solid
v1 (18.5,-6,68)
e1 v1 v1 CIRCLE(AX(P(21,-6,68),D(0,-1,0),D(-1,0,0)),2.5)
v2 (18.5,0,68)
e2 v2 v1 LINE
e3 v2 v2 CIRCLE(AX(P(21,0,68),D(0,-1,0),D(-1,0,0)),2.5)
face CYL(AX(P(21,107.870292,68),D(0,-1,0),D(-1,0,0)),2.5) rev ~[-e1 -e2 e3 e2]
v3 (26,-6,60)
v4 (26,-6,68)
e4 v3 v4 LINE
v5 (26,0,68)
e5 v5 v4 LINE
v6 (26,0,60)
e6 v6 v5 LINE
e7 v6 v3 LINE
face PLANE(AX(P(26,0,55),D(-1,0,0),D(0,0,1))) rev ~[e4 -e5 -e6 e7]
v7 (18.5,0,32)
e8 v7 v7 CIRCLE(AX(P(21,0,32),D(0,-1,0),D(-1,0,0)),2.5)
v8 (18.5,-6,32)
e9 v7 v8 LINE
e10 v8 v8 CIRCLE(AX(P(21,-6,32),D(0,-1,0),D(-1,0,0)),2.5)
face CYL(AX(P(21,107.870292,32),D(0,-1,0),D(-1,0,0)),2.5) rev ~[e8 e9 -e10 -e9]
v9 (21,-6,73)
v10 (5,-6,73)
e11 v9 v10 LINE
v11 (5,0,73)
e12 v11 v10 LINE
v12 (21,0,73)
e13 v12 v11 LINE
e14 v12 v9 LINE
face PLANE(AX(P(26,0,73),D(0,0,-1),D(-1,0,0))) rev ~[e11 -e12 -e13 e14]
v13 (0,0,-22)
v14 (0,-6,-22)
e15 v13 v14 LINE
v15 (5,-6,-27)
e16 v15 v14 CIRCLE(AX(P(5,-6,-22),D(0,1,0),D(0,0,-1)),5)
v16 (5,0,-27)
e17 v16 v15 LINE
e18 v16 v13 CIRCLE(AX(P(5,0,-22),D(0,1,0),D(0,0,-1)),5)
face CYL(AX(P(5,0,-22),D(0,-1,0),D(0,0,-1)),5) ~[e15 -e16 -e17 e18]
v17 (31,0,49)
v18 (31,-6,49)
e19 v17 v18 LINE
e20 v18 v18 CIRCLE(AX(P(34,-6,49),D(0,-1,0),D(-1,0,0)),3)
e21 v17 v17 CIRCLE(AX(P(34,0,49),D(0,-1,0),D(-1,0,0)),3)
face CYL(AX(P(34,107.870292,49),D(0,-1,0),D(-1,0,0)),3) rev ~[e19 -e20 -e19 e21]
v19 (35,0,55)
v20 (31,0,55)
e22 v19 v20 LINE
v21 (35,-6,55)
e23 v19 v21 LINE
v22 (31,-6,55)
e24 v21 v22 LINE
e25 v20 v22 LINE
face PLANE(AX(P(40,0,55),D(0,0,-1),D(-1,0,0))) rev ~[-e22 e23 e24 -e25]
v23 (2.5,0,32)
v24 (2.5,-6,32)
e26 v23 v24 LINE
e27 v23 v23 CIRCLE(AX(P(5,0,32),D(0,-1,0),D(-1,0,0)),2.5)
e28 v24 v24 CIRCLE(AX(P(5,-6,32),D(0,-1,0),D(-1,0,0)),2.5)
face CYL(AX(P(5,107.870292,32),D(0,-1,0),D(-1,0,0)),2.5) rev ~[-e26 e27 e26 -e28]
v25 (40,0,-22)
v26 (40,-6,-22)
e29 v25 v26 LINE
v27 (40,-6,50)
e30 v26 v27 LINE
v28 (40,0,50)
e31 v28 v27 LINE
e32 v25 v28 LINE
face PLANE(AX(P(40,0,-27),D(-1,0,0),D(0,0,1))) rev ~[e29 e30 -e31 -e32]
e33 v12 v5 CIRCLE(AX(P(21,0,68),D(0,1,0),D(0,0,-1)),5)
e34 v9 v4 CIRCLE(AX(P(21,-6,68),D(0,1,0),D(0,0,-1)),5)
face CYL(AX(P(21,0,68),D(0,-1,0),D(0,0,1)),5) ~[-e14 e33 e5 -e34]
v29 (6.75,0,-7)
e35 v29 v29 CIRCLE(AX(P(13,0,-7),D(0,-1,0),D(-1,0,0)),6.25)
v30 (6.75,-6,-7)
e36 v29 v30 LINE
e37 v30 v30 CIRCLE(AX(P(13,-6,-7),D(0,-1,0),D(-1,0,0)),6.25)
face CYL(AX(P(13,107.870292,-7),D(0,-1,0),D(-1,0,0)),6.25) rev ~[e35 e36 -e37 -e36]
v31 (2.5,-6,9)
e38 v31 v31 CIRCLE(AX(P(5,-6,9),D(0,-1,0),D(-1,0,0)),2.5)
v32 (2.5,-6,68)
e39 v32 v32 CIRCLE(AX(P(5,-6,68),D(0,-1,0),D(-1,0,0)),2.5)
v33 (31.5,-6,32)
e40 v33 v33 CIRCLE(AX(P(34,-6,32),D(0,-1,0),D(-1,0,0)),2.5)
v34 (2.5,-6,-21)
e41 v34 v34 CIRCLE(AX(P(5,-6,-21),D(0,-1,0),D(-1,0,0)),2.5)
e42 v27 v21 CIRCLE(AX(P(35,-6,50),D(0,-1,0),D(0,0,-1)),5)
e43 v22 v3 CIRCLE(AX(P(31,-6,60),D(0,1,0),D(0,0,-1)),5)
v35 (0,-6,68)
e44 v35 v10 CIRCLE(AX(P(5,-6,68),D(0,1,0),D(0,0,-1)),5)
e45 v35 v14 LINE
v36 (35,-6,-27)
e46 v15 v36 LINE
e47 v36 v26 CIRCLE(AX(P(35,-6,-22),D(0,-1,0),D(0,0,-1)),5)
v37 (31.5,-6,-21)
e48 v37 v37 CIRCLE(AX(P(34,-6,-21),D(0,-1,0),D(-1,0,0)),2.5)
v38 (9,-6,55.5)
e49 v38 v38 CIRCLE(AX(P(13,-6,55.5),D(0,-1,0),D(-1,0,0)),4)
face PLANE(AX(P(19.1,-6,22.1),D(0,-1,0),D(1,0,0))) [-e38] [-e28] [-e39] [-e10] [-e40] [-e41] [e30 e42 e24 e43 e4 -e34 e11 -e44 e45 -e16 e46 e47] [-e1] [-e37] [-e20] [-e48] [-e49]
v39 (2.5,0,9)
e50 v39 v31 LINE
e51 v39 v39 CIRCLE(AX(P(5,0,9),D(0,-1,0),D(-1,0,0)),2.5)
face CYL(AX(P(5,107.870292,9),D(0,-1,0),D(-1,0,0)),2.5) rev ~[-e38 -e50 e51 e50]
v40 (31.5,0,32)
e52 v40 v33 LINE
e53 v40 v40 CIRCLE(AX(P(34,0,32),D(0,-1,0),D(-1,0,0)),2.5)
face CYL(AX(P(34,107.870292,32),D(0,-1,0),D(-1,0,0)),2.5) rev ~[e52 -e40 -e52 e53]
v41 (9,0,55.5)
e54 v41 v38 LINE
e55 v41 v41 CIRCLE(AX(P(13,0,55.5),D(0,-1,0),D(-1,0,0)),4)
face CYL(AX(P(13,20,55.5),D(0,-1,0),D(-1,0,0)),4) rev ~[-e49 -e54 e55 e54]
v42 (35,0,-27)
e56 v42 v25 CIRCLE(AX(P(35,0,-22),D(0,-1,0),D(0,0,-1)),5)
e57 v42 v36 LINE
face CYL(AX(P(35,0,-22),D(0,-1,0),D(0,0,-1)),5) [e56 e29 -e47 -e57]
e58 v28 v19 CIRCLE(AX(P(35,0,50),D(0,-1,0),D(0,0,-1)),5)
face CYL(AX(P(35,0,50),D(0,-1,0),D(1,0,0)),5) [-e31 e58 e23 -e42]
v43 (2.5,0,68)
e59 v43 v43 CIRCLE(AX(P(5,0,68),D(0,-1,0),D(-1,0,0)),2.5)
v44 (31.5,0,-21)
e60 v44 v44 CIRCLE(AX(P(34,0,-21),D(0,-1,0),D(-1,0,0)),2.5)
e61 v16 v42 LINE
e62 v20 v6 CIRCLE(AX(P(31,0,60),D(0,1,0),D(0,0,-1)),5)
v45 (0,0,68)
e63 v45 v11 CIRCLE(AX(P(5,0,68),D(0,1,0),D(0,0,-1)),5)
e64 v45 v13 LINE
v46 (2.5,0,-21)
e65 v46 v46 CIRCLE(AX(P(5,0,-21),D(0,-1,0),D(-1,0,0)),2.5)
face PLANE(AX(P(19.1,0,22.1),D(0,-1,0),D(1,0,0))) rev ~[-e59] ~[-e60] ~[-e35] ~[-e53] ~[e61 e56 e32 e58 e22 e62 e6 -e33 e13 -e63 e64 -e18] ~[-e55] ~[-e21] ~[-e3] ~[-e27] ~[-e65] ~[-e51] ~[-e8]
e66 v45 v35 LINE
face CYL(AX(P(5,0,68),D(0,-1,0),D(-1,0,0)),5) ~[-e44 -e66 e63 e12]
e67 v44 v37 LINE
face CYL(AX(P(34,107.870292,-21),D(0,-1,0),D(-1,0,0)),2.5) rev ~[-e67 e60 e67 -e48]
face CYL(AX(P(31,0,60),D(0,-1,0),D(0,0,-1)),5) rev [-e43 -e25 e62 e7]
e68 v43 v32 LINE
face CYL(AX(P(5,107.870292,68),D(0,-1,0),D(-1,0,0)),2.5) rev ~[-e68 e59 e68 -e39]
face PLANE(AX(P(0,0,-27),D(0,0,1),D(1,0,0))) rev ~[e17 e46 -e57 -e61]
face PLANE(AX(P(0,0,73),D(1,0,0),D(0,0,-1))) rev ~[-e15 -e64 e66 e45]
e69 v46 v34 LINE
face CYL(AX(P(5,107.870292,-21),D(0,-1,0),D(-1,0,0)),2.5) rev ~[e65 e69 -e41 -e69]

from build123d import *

# Parameters (mm, degrees)
F1_DEPTH = 6
F2_D     = 12.5
F3_D     = 5
F4_D     = 5
F5_D     = 5
F6_D     = 5
F7_R     = 5
F8_D     = 8
F8_DEPTH = 20
F8_TIP   = 2.4034424761
F9_D     = 6


with BuildPart() as f1:
    # F0 (on Front) → F1 (new body)
    with BuildSketch(Plane.XZ):
        Polygon((0, 27), (0, -27), (13, -27), (40, -27), (40, 55), (26, 55), (26, 73), (0, 73), align=None)
    extrude(amount=F1_DEPTH)

    # F2 (through all)
    with Locations(Plane(origin=(0, 0, 0), x_dir=(1, 0, 0), z_dir=(0, 1, 0))):
        with Locations((13, 7)):
            Hole(F2_D / 2)

    # F3 (through all)
    with Locations(Plane(origin=(0, 0, 0), x_dir=(1, 0, 0), z_dir=(0, 1, 0))):
        with Locations((34, 21), (34, -32)):
            Hole(F3_D / 2)

    # F4 (through all)
    with Locations(Plane(origin=(0, 0, 0), x_dir=(1, 0, 0), z_dir=(0, 1, 0))):
        with Locations((5, -32), (21, -32)):
            Hole(F4_D / 2)

    # F5 (through all)
    with Locations(Plane(origin=(0, 0, 0), x_dir=(1, 0, 0), z_dir=(0, 1, 0))):
        with Locations((5, 21), (5, -9)):
            Hole(F5_D / 2)

    # F6 (through all)
    with Locations(Plane(origin=(0, 0, 0), x_dir=(1, 0, 0), z_dir=(0, 1, 0))):
        with Locations((5, -68), (21, -68)):
            Hole(F6_D / 2)

    # F7
    f7_edges = [f1.edges().sort_by_distance(p)[0] for p in [
        (26, -3, 73),
        (0, -3, 73),
        (40, -3, 55),
        (26, -3, 55),
        (40, -3, -27),
        (0, -3, -27),
    ]]
    fillet(f7_edges, radius=F7_R)

    # F8
    with Locations(Plane(origin=(0, 0, 0), x_dir=(1, 0, 0), z_dir=(0, 1, 0))):
        with Locations((13, -55.5)):
            Hole(F8_D / 2, depth=F8_DEPTH)
            with Locations((0, 0, -(F8_DEPTH + F8_TIP / 2))):  # 118° drill point
                Cone(0, F8_D / 2, F8_TIP, mode=Mode.SUBTRACT)

    # F9 (through all)
    with Locations(Plane(origin=(0, 0, 0), x_dir=(1, 0, 0), z_dir=(0, 1, 0))):
        with Locations((34, -49)):
            Hole(F9_D / 2)


solid = f1.part
